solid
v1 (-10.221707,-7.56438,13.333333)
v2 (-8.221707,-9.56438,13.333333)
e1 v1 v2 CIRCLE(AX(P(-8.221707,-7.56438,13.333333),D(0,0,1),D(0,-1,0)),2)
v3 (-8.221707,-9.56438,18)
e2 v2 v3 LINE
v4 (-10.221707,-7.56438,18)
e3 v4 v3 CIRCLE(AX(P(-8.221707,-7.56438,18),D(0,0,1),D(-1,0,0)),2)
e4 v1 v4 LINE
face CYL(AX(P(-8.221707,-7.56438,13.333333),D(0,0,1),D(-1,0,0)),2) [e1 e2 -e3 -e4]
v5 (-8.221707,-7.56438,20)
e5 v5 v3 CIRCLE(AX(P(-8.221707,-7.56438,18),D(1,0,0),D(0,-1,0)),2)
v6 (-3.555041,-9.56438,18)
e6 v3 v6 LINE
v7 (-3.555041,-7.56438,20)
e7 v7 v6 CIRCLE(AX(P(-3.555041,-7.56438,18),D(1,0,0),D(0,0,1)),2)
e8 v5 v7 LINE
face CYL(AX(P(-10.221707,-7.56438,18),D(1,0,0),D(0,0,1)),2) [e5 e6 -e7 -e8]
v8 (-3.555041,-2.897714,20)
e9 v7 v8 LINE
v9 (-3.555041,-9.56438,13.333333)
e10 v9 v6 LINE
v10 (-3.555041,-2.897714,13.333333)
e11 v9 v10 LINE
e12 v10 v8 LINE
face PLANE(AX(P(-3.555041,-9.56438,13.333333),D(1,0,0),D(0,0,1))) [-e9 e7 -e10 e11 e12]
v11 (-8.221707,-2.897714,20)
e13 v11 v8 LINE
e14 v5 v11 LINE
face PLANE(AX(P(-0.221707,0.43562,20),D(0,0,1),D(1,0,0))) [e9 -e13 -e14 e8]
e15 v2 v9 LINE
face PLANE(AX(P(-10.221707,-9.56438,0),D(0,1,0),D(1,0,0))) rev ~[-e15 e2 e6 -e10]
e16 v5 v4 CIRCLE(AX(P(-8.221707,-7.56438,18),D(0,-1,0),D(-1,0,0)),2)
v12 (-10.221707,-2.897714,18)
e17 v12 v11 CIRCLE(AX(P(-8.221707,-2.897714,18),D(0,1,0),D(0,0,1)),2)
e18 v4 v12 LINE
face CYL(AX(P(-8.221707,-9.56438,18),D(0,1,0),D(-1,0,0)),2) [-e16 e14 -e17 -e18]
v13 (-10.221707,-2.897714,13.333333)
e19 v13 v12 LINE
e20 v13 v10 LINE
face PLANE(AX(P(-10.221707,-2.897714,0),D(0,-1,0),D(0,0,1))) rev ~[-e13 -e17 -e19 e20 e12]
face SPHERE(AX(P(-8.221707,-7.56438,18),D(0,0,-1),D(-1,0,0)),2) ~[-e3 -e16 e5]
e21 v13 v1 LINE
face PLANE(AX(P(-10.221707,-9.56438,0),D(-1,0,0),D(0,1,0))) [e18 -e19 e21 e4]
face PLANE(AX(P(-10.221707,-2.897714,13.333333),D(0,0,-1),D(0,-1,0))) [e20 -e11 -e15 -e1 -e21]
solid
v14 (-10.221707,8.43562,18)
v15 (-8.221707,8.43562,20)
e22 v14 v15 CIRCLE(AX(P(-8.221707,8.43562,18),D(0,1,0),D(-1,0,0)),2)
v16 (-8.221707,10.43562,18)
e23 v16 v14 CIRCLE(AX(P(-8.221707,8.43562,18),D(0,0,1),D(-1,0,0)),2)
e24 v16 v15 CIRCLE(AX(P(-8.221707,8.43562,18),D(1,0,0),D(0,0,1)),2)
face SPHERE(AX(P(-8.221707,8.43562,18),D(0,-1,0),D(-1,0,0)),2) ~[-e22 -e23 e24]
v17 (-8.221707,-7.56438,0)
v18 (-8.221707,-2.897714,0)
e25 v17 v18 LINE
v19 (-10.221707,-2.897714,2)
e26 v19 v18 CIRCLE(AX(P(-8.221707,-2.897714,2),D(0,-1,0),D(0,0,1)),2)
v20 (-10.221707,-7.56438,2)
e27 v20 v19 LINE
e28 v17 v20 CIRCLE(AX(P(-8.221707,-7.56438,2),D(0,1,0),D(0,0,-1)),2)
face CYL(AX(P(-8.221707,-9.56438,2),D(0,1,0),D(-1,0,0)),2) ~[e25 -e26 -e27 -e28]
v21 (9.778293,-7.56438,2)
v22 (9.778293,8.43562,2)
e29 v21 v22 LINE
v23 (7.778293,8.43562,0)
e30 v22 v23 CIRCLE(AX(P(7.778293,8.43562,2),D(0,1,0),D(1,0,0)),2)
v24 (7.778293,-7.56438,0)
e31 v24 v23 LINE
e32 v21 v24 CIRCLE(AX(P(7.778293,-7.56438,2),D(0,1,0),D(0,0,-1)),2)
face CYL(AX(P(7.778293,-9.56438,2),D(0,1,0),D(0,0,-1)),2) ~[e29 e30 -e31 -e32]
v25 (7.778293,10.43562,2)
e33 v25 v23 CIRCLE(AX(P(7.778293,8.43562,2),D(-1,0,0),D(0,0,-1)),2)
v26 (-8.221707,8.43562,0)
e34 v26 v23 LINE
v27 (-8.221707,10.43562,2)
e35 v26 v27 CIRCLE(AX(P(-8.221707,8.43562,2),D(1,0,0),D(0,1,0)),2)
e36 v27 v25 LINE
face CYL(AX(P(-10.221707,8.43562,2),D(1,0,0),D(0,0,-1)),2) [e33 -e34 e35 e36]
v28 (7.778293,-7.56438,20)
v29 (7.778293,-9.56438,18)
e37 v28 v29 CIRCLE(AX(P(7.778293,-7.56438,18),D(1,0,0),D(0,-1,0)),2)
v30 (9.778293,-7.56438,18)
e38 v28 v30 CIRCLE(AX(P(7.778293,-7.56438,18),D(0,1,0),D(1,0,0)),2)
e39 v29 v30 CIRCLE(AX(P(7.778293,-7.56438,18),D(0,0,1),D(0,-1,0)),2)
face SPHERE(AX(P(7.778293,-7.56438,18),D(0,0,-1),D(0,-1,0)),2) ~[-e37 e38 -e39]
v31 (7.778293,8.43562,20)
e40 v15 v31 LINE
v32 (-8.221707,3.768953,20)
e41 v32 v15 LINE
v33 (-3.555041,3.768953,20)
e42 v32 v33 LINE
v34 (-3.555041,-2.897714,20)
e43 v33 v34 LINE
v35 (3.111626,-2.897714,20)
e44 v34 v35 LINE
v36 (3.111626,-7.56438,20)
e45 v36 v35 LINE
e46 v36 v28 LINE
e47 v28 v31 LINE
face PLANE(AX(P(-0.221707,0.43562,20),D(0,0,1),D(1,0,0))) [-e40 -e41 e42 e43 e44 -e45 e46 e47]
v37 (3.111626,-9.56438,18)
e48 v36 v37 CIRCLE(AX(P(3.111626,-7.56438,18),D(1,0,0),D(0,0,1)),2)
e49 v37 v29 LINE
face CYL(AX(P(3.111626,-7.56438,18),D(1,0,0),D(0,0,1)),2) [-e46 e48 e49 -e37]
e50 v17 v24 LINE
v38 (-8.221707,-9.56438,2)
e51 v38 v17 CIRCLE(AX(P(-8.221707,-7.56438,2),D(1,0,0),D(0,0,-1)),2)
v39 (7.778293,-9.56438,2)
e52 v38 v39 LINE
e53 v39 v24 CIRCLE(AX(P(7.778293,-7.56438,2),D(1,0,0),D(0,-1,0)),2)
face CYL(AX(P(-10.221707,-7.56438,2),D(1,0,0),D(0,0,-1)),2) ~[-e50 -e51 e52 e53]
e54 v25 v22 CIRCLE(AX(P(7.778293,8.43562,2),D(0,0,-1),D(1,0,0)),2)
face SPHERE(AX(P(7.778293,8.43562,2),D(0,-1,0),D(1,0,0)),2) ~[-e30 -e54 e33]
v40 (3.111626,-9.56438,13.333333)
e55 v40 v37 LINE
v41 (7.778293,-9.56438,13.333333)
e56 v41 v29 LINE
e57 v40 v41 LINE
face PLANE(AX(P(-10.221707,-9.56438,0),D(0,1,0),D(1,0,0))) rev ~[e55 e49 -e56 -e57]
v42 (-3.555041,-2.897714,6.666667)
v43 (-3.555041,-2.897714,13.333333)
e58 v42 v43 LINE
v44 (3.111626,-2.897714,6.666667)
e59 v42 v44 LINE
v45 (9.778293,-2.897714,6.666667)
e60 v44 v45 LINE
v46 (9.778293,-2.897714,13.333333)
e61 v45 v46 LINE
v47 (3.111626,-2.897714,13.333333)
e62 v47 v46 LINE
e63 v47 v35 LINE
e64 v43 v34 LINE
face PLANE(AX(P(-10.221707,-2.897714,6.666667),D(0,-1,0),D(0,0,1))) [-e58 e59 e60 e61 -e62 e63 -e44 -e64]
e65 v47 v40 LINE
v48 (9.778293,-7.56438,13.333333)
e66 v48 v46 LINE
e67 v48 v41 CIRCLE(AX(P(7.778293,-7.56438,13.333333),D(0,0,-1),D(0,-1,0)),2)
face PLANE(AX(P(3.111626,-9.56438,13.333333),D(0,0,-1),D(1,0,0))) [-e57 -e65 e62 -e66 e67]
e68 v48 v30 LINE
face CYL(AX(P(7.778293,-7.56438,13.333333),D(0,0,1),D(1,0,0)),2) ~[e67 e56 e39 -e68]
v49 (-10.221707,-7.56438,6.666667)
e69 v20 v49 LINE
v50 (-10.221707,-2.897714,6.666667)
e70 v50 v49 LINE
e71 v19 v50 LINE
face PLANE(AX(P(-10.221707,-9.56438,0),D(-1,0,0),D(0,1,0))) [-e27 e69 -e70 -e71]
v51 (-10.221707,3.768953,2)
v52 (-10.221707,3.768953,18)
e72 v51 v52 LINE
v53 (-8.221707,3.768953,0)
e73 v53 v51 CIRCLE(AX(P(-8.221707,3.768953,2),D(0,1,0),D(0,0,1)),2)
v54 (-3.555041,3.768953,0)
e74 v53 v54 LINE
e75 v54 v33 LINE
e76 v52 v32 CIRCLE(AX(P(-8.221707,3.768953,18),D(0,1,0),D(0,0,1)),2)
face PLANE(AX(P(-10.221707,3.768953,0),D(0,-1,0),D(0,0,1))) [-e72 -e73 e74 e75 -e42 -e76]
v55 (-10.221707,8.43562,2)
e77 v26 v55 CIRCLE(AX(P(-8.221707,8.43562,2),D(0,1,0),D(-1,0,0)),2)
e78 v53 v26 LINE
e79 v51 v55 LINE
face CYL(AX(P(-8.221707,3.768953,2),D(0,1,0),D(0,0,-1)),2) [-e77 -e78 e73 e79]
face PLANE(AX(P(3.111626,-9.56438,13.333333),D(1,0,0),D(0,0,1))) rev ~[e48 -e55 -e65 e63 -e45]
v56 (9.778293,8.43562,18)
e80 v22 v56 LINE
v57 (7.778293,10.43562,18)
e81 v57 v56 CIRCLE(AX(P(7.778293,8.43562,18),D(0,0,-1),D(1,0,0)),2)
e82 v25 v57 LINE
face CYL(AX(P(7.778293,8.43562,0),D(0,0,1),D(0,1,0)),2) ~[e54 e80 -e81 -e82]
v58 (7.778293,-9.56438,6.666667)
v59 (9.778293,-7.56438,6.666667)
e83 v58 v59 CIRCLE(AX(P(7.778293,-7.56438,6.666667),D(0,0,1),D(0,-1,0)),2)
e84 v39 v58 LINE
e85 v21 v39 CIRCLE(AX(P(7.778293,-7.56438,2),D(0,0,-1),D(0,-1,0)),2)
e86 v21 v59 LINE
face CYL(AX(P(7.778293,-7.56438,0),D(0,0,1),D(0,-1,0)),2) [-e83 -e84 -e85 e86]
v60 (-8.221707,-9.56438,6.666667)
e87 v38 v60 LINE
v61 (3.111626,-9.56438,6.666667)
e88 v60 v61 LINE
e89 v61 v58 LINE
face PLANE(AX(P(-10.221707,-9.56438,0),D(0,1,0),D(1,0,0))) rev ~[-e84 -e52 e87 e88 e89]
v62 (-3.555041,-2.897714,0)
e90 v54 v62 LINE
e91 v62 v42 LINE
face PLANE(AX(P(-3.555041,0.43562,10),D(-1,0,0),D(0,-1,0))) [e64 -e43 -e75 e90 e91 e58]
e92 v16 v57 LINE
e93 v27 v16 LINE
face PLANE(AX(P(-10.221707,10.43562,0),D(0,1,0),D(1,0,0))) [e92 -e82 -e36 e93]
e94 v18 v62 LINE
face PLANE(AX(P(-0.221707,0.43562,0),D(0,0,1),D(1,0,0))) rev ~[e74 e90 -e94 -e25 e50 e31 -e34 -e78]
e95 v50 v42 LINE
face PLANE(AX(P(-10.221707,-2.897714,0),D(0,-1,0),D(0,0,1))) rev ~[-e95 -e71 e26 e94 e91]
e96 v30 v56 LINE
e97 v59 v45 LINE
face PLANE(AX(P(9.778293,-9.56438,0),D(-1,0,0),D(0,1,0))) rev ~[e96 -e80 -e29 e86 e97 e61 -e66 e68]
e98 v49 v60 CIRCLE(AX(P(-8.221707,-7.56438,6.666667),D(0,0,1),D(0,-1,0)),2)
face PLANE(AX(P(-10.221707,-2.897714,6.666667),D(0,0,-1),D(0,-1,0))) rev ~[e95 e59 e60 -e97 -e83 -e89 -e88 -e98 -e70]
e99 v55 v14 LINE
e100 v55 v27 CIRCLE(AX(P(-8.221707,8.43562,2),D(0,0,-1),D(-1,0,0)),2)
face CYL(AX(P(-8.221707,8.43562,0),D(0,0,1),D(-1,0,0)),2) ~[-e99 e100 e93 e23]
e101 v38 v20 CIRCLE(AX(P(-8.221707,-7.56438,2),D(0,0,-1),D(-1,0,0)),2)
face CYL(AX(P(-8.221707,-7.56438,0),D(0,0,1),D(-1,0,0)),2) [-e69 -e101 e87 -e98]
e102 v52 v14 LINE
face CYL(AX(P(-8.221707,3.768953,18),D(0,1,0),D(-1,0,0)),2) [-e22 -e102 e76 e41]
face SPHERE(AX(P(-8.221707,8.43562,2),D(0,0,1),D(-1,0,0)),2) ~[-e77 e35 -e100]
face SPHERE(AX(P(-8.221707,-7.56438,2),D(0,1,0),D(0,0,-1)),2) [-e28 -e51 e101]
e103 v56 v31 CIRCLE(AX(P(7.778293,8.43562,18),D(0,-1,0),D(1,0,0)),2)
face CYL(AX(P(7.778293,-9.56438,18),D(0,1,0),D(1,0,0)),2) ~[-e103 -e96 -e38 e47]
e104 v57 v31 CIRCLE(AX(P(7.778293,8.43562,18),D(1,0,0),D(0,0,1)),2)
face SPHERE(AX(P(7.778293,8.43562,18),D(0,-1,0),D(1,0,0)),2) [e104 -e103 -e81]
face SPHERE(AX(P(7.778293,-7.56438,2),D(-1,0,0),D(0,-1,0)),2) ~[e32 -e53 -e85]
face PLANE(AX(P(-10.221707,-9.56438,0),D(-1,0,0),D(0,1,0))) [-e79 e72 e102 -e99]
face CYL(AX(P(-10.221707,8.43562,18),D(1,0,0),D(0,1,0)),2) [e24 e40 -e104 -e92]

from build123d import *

# Parameters (mm, degrees)
F1_W     = 20
F1_H     = 20
F2_DEPTH = 20
F3_W     = 6.6666666667
F3_H     = 20
F4_DEPTH = 6.6666666667
F5_W     = 6.6666666667
F5_H     = 6.6666666667
F6_DEPTH = 13.3333333333
F7_W     = 6.6666666667
F7_H     = 6.6666666667
F8_DEPTH = 6.6666666667
F9_R     = 2


with BuildPart() as f2:
    # F1 (on Top) → F2 (new body)
    with BuildSketch(Plane.XY):
        with Locations((-0.2217073925, 0.4356197339)):
            Rectangle(F1_W, F1_H)
    extrude(amount=F2_DEPTH)

    # F3 (on face) → F4 (cut)
    with BuildSketch(Plane(origin=(-10.2217073925, 0, 0), x_dir=(0, -1, 0), z_dir=(-1, 0, 0))):
        with Locations((-0.4356197339, 10)):
            Rectangle(F3_W, F3_H)
    extrude(amount=-F4_DEPTH, mode=Mode.SUBTRACT)

    # F5 (on face) → F6 (cut)
    with BuildSketch(Plane(origin=(-10.2217073925, 0, 0), x_dir=(0, -1, 0), z_dir=(-1, 0, 0))):
        with Locations((6.2310469328, 10)):
            Rectangle(F5_W, F5_H)
    extrude(amount=-F6_DEPTH, mode=Mode.SUBTRACT)

    # F7 (on face) → F8 (cut)
    with BuildSketch(Plane.XZ.offset(9.5643802661)):
        with Locations((6.4449592742, 10)):
            Rectangle(F7_W, F7_H)
        with Locations((-0.2217073925, 16.6666666667)):
            Rectangle(F7_W, F7_H)
    extrude(amount=-F8_DEPTH, mode=Mode.SUBTRACT)

    # F9
    f9_edges = [f2.edges().sort_by_distance(p)[0] for p in [
        (-10.221707, 7.102286, 20),
        (-10.221707, 10.43562, 10),
        (-10.221707, 7.102286, 0),
        (-10.221707, -6.231047, 0),
        (-0.221707, -9.56438, 0),
        (-10.221707, -9.56438, 16.666667),
        (-10.221707, -6.231047, 20),
        (-6.888374, -9.56438, 20),
        (9.778293, -9.56438, 3.333333),
        (9.778293, -9.56438, 16.666667),
        (6.444959, -9.56438, 20),
        (9.778293, 0.43562, 20),
        (9.778293, 0.43562, 0),
        (9.778293, 10.43562, 10),
        (-0.221707, 10.43562, 0),
        (-0.221707, 10.43562, 20),
        (-10.221707, -9.56438, 3.333333),
    ]]
    fillet(f9_edges, radius=F9_R)


solid = f2.part
